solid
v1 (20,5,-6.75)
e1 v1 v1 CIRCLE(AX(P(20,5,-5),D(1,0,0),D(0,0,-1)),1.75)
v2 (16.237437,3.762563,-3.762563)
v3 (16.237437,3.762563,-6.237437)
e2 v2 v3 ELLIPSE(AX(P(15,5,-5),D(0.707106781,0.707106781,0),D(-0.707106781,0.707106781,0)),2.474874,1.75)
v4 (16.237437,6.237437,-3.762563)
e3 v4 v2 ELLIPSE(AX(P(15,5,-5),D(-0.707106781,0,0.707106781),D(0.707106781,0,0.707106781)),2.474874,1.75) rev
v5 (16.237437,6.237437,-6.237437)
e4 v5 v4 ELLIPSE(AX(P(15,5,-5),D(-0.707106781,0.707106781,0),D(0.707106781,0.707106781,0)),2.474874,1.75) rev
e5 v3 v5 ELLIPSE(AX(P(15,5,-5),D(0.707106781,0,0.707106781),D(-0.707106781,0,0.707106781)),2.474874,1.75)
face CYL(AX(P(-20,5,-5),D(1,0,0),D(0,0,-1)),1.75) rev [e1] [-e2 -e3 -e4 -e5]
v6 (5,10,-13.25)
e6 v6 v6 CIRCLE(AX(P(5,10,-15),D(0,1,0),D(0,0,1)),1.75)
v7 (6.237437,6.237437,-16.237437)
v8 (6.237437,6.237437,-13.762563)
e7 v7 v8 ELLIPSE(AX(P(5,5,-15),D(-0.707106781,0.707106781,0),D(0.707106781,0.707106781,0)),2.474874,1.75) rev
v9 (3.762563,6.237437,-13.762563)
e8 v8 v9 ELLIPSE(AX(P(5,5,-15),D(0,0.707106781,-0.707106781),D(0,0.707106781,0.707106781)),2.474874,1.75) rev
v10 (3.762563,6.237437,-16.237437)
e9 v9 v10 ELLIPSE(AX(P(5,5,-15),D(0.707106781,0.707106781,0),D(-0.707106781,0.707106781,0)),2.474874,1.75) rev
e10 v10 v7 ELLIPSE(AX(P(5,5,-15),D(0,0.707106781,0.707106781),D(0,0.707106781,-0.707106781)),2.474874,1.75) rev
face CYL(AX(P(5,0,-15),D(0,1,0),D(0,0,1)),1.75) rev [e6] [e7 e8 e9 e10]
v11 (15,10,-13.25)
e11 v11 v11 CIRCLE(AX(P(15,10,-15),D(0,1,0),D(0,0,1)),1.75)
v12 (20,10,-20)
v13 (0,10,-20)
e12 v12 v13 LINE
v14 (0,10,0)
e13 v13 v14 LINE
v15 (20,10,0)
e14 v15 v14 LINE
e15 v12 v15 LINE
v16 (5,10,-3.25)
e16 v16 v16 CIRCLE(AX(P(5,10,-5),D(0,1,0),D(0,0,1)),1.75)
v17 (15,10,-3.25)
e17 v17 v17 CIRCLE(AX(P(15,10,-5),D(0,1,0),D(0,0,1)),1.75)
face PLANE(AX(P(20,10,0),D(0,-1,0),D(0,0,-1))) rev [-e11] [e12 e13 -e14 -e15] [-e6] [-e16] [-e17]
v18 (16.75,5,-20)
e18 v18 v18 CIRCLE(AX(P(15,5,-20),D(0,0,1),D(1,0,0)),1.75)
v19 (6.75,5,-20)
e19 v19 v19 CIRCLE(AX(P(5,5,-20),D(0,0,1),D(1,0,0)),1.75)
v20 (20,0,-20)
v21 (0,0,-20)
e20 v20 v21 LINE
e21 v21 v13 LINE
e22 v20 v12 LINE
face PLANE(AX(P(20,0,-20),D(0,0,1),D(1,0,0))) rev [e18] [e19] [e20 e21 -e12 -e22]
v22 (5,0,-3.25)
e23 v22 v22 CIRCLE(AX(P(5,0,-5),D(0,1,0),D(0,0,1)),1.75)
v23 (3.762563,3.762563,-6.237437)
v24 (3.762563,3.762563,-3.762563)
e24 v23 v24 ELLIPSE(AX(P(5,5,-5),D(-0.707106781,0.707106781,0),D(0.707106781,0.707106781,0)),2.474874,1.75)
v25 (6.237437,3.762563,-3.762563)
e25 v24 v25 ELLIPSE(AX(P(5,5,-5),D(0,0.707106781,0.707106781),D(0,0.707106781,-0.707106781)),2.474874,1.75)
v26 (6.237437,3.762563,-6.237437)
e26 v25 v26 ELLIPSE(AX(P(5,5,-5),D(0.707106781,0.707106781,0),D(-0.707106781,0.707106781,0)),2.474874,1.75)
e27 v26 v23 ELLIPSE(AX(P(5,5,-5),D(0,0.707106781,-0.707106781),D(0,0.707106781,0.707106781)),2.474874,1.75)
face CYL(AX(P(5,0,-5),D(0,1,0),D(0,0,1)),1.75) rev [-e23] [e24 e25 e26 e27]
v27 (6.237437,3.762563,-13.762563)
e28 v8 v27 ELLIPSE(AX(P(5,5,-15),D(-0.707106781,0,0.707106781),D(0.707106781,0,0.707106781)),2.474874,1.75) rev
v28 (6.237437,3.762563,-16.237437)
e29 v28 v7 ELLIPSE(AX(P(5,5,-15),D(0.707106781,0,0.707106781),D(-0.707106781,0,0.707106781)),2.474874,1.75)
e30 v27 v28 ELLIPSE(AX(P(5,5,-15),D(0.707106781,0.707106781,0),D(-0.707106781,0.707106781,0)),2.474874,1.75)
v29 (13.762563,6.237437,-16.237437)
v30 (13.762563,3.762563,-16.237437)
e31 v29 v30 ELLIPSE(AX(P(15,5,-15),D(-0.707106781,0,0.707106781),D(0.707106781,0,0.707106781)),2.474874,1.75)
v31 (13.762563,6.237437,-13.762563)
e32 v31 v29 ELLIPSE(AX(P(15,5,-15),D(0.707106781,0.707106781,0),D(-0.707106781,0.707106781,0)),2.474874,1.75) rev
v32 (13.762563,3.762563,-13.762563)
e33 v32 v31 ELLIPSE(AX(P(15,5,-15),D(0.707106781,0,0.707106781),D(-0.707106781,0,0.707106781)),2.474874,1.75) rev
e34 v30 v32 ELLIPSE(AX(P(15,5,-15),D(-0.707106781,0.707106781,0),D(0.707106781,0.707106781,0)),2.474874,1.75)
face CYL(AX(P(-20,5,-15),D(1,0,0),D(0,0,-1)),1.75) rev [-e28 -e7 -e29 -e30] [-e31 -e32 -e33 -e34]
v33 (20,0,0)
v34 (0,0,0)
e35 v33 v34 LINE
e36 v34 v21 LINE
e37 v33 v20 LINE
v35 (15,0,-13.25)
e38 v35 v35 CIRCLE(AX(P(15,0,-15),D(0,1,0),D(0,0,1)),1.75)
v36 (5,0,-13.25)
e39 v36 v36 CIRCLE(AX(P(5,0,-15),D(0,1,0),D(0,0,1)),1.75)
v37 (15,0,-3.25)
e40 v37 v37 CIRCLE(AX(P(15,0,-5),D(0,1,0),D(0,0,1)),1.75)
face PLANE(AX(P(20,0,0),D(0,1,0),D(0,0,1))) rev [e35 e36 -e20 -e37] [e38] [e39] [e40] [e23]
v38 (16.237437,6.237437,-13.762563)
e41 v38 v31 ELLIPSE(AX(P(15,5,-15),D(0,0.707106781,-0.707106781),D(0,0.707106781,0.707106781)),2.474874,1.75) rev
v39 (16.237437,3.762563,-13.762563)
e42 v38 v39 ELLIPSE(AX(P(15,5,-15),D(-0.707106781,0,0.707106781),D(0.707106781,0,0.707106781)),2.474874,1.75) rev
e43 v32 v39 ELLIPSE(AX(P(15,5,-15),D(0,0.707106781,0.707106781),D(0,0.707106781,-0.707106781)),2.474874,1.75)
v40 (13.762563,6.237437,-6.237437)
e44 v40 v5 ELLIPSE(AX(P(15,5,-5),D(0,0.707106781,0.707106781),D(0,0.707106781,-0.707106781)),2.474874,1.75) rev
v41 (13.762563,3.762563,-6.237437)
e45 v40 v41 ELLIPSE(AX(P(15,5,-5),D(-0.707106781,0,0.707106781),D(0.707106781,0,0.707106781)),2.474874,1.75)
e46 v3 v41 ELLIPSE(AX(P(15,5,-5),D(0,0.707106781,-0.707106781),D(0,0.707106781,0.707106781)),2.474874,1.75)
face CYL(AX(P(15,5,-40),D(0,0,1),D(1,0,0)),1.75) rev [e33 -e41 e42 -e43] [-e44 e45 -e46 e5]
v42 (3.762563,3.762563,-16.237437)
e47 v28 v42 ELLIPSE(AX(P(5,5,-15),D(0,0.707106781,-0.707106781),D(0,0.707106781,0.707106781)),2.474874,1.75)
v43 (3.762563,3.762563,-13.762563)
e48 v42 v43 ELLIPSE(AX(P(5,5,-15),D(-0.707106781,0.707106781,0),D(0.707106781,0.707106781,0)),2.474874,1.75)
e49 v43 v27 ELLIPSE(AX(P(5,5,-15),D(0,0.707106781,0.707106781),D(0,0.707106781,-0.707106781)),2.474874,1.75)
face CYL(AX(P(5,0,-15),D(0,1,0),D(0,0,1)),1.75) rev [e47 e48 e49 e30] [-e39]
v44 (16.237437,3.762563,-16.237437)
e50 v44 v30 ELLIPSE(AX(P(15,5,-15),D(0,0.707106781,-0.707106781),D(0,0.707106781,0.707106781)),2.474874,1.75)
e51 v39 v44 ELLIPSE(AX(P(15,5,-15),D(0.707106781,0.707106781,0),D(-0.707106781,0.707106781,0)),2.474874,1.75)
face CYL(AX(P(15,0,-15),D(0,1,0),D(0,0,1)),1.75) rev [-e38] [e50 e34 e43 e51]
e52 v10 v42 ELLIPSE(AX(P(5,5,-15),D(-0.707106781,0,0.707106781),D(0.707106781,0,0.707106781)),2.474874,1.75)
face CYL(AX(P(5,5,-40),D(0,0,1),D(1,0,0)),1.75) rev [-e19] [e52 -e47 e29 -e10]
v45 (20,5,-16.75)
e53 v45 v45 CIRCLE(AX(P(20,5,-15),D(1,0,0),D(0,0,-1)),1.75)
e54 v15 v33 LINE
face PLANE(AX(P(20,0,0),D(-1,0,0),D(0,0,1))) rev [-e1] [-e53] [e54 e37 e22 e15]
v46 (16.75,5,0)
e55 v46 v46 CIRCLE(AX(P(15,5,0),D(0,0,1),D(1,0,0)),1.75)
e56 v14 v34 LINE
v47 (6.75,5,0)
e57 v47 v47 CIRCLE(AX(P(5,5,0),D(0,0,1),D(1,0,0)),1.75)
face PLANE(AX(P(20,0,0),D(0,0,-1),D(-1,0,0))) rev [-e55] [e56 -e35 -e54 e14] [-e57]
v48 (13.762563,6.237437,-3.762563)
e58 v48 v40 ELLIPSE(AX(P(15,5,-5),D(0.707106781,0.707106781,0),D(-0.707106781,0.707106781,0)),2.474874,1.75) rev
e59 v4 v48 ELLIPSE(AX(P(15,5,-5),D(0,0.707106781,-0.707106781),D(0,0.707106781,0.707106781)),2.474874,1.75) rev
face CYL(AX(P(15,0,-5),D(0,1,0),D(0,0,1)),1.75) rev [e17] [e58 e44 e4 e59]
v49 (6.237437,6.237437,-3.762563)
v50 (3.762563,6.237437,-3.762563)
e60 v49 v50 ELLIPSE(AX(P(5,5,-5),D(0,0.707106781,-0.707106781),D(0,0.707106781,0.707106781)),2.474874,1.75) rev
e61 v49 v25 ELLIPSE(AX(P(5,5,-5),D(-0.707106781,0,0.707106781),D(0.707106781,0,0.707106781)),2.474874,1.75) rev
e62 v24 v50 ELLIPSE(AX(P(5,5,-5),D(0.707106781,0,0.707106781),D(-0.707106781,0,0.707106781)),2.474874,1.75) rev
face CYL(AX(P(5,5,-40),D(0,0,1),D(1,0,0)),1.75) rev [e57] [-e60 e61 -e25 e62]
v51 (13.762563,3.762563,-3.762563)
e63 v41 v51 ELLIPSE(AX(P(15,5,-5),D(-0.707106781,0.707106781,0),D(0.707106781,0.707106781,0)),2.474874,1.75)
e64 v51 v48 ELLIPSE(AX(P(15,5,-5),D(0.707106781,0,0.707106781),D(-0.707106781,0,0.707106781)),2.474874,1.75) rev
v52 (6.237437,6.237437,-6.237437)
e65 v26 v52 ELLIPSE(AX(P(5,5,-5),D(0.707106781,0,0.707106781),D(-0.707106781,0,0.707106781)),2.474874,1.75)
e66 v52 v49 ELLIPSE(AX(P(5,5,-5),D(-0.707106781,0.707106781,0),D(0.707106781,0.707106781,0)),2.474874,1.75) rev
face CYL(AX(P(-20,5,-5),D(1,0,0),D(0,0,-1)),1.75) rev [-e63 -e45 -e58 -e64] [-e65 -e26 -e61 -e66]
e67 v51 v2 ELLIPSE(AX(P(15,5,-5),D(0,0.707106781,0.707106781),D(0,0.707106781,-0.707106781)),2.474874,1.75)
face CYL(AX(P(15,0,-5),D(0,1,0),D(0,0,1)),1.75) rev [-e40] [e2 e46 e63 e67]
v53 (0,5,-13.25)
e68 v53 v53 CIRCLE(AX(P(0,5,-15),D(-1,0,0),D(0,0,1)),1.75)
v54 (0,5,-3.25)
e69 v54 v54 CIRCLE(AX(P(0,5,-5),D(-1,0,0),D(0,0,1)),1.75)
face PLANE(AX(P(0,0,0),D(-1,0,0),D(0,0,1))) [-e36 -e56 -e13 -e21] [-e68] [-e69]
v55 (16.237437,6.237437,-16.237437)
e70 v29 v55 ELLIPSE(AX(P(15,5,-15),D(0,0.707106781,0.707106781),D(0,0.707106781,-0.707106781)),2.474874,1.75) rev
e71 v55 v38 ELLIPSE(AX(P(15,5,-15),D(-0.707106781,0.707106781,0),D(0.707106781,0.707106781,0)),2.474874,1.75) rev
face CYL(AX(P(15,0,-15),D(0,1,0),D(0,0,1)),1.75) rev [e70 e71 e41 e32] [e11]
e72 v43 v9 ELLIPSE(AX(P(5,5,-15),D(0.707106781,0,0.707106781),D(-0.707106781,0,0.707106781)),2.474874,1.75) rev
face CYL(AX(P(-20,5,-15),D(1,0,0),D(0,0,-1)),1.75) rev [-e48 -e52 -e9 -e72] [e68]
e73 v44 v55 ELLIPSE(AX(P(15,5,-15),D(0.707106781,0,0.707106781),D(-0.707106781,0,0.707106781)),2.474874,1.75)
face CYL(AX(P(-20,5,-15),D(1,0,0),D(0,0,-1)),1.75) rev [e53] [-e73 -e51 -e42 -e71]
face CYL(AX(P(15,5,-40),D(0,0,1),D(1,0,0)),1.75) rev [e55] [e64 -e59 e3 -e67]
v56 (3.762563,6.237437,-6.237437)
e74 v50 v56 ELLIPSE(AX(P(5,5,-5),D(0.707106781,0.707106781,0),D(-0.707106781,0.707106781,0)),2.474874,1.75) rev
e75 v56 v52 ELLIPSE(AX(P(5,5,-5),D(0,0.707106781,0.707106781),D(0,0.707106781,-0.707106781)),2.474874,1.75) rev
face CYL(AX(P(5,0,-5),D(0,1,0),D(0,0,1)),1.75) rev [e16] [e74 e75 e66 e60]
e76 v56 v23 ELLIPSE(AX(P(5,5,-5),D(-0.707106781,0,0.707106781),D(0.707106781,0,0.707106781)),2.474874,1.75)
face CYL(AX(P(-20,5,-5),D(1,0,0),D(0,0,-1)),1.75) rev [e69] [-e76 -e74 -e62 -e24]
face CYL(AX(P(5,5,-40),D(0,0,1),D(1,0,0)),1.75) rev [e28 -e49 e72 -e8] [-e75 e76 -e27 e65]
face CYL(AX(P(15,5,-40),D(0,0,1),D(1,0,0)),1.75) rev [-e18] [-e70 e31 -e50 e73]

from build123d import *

# Parameters (mm, degrees)
ESQUISSE1_W             = 20
ESQUISSE1_H             = 10
BOSS_EXTRU_1_DEPTH      = 20
ESQUISSE2_R             = 1.75
ENL_V_MAT_EXTRU_1_DEPTH = 31
ESQUISSE3_R             = 1.75
ENL_V_MAT_EXTRU_2_DEPTH = 40
ESQUISSE4_R             = 1.75
ENL_V_MAT_EXTRU_3_DEPTH = 40


with BuildPart() as part:
    # Esquisse1 → Boss.-Extru.1 (new body)
    with BuildSketch(Plane(origin=(0, 0, 0), x_dir=(0, 0, -1), z_dir=(1, 0, 0))):
        with Locations((10, 5)):
            Rectangle(ESQUISSE1_W, ESQUISSE1_H)
    extrude(amount=BOSS_EXTRU_1_DEPTH)

    # Esquisse2 → Enlèv. mat.-Extru.1 (cut, through all)
    with BuildSketch(Plane(origin=(0, 10, 0), x_dir=(1, 0, 0), z_dir=(0, 1, 0))):
        with Locations(Location((5, 15, 0), (0, 0, 270))):
            Circle(ESQUISSE2_R)
        with Locations(Location((15, 15, 0), (0, 0, 270))):
            Circle(ESQUISSE2_R)
        with Locations((25, 15)):
            Circle(ESQUISSE2_R)
        with Locations((35, 15)):
            Circle(ESQUISSE2_R)
        with Locations(Location((5, 5, 0), (0, 0, 270))):
            Circle(ESQUISSE2_R)
        with Locations(Location((15, 5, 0), (0, 0, 270))):
            Circle(ESQUISSE2_R)
        with Locations((25, 5)):
            Circle(ESQUISSE2_R)
        with Locations((35, 5)):
            Circle(ESQUISSE2_R)
        with Locations((5, -5)):
            Circle(ESQUISSE2_R)
        with Locations((15, -5)):
            Circle(ESQUISSE2_R)
        with Locations((25, -5)):
            Circle(ESQUISSE2_R)
        with Locations((35, -5)):
            Circle(ESQUISSE2_R)
        with Locations((5, -15)):
            Circle(ESQUISSE2_R)
        with Locations((15, -15)):
            Circle(ESQUISSE2_R)
        with Locations((25, -15)):
            Circle(ESQUISSE2_R)
        with Locations((35, -15)):
            Circle(ESQUISSE2_R)
    extrude(amount=-ENL_V_MAT_EXTRU_1_DEPTH, mode=Mode.SUBTRACT)

    # Esquisse3 → Enlèv. mat.-Extru.2 (cut)
    with BuildSketch(Plane.XY):
        with Locations((5, 5)):
            Circle(ESQUISSE3_R)
        with Locations((15, 5)):
            Circle(ESQUISSE3_R)
        with Locations((25, 5)):
            Circle(ESQUISSE3_R)
        with Locations((35, 5)):
            Circle(ESQUISSE3_R)
    extrude(amount=-ENL_V_MAT_EXTRU_2_DEPTH, mode=Mode.SUBTRACT)

    # Esquisse4 → Enlèv. mat.-Extru.3 (cut)
    with BuildSketch(Plane(origin=(20, 0, 0), x_dir=(0, 0, -1), z_dir=(1, 0, 0))):
        with Locations((5, 5)):
            Circle(ESQUISSE4_R)
        with Locations(Location((15, 5, 0), (0, 0, 315))):
            Circle(ESQUISSE4_R)
        with Locations((25, 5)):
            Circle(ESQUISSE4_R)
        with Locations((35, 5)):
            Circle(ESQUISSE4_R)
    extrude(amount=-ENL_V_MAT_EXTRU_3_DEPTH, mode=Mode.SUBTRACT)


solid = part.part
